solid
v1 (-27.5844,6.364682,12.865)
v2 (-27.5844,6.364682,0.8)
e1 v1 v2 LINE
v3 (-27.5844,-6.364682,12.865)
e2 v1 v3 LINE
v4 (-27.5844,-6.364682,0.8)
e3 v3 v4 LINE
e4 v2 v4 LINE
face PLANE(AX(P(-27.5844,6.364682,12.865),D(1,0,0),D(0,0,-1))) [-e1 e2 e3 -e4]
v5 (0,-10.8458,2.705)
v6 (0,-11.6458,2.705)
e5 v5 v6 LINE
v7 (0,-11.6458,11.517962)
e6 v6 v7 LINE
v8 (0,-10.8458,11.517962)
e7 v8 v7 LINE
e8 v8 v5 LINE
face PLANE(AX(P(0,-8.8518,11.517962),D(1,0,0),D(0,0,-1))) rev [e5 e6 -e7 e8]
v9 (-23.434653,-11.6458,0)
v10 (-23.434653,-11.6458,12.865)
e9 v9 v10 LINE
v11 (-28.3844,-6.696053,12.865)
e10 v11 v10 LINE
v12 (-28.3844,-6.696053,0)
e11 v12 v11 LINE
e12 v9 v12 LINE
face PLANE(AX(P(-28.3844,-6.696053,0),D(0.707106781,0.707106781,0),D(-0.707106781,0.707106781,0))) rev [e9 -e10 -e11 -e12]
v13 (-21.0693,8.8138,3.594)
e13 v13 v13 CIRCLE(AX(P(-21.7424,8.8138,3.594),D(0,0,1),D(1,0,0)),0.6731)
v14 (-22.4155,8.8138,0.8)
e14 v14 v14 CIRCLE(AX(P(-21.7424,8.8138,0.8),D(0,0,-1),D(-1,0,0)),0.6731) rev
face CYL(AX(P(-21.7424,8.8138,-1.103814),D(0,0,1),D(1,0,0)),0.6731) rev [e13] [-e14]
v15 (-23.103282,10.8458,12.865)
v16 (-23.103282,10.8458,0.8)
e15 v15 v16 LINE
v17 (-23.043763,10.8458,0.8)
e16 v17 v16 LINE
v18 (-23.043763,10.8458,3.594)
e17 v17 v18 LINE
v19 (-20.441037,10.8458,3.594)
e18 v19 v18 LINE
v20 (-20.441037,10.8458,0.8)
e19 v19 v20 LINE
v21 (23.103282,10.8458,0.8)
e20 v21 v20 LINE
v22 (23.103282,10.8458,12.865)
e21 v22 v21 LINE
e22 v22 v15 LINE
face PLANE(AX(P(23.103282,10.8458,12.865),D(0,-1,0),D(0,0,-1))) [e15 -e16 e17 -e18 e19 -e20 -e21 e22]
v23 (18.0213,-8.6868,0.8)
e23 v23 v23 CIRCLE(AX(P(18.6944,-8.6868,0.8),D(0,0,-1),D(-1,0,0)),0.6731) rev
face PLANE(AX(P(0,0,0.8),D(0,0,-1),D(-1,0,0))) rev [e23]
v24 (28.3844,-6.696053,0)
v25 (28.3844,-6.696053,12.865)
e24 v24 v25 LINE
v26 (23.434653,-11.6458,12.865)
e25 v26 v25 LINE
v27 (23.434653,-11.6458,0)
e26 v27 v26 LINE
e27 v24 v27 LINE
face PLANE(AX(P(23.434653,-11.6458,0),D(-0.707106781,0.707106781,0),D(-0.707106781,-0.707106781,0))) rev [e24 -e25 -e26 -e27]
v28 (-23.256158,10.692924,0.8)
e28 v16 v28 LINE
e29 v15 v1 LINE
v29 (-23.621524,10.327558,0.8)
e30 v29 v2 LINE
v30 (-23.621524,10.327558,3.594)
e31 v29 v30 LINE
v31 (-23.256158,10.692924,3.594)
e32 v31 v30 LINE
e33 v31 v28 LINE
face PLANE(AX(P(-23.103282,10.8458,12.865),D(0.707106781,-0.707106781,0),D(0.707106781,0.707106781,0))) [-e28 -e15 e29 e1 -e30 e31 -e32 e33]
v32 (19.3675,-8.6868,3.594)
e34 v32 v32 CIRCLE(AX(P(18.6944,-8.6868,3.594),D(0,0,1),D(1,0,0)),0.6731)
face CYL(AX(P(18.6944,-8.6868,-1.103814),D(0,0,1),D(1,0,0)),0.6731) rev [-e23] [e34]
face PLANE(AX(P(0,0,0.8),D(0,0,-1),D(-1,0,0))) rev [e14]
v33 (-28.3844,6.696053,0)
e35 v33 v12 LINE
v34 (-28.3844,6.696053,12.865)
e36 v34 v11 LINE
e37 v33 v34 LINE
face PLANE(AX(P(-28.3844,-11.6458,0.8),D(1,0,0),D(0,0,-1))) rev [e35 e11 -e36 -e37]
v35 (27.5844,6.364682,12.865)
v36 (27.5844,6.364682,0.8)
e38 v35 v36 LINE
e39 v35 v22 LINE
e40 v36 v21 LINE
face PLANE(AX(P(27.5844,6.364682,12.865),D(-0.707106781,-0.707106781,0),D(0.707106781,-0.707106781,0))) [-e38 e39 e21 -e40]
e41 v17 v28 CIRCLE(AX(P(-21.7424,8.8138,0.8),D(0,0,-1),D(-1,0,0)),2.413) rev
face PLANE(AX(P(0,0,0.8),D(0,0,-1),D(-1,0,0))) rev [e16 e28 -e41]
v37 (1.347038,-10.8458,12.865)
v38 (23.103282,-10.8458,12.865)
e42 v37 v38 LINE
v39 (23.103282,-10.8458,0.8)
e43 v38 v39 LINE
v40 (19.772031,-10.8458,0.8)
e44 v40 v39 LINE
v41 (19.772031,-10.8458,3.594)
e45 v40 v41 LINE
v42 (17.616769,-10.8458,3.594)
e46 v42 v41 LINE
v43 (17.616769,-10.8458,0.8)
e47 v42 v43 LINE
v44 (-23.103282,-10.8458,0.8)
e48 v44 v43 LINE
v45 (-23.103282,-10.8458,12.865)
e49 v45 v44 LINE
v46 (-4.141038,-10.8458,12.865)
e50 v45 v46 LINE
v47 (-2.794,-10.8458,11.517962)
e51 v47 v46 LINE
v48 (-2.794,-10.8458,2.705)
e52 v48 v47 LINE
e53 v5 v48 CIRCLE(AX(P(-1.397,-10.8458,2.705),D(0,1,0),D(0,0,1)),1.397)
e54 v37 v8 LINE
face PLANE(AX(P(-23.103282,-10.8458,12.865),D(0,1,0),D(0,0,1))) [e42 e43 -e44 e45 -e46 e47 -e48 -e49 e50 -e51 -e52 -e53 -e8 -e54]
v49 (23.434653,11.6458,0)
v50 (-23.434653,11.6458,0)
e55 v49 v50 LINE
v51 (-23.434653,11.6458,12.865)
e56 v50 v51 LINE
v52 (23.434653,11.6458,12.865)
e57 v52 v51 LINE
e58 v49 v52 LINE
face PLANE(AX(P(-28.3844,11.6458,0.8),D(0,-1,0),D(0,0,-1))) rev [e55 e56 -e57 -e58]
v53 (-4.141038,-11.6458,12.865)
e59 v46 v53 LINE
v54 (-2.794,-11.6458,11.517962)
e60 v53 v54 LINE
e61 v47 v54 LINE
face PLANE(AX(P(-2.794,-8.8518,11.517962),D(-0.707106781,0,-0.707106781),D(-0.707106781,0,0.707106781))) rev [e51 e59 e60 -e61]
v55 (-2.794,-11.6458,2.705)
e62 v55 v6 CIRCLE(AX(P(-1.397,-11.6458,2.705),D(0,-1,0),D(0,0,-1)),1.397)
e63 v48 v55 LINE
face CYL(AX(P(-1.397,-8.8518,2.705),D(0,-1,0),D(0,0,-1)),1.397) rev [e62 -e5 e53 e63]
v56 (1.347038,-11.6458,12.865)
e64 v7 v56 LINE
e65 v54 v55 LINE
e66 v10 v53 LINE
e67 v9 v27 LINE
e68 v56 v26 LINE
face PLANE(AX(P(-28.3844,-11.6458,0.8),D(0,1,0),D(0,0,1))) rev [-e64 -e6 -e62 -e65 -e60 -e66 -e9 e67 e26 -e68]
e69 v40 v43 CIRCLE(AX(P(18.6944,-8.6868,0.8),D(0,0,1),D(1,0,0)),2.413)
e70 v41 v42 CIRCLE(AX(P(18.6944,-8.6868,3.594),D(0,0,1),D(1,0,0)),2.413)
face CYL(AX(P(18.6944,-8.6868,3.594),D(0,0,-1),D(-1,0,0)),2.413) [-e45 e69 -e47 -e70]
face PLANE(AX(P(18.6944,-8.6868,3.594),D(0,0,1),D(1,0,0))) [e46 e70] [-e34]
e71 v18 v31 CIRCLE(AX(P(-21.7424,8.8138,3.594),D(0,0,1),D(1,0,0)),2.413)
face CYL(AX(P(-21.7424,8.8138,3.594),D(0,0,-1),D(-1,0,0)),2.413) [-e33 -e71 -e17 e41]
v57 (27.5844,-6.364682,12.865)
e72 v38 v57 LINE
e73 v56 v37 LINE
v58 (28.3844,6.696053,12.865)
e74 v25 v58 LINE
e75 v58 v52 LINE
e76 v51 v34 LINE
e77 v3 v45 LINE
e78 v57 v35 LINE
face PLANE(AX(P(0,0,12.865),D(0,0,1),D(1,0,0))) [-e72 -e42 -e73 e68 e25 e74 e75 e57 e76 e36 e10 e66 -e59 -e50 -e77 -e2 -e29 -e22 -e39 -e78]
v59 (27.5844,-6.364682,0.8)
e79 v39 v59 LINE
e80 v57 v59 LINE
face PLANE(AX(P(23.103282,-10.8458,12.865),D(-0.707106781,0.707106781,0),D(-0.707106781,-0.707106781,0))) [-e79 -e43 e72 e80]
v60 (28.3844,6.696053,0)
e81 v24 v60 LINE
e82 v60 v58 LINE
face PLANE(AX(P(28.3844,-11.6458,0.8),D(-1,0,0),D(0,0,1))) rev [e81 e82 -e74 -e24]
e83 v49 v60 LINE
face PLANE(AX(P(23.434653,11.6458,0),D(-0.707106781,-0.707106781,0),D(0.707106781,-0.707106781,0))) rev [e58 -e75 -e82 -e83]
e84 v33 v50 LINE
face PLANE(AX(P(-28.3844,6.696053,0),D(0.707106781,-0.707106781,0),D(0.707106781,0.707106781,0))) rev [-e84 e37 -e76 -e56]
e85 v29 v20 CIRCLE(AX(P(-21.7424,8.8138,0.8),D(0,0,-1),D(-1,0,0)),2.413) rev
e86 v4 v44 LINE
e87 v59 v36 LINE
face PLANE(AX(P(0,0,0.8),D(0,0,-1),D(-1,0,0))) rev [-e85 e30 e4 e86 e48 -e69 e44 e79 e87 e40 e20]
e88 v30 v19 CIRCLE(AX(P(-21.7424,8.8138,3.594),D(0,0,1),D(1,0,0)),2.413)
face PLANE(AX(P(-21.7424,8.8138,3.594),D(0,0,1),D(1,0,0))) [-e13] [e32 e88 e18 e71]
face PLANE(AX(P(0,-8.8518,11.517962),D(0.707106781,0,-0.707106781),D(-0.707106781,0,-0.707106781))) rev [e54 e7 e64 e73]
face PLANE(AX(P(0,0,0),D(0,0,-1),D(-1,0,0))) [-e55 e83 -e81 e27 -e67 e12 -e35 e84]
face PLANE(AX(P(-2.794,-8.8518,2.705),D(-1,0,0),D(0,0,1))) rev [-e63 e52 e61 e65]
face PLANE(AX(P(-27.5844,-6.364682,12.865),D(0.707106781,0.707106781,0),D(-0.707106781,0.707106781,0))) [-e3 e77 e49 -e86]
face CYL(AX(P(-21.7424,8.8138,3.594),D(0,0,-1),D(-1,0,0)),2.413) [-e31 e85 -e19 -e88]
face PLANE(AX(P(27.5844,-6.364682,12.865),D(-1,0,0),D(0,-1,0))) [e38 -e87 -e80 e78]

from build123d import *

# Parameters (mm, degrees)
SKETCH1_W           = 56.768800102
SKETCH1_H           = 23.291600102
BOSS_EXTRUDE1_DEPTH = 0.8
CUT_EXTRUDE1_DEPTH  = 1.8
BOSS_EXTRUDE2_DEPTH = 12.065
SKETCH4_R           = 2.413
BOSS_EXTRUDE3_DEPTH = 2.794
SKETCH5_R           = 0.6731
CUT_EXTRUDE2_DEPTH  = 2.794
CUT_EXTRUDE3_DEPTH  = 2.794


with BuildPart() as part:
    # Sketch1 → Boss-Extrude1 (new body)
    with BuildSketch(Plane.XY):
        Rectangle(SKETCH1_W, SKETCH1_H)
    extrude(amount=BOSS_EXTRUDE1_DEPTH)

    # Sketch2 → Cut-Extrude1 (cut, through all)
    with BuildSketch(Plane.XY.offset(0.8)):
        Polygon((-28.384400051, -6.696052583), (-23.434652583, -11.645800051), (-28.384400051, -11.645800051), align=None)
        Polygon((-28.384400051, 6.696052583), (-23.434652583, 11.645800051), (-28.384400051, 11.645800051), align=None)
        Polygon((23.434652583, -11.645800051), (28.384400051, -6.696052583), (28.384400051, -11.645800051), align=None)
        Polygon((23.434652583, 11.645800051), (28.384400051, 6.696052583), (28.384400051, 11.645800051), align=None)
    extrude(amount=-CUT_EXTRUDE1_DEPTH, mode=Mode.SUBTRACT)

    # Sketch3 → Boss-Extrude2 (add)
    with BuildSketch(Plane.XY.offset(0.8)):
        Polygon((23.434652583, 11.645800051), (-23.434652583, 11.645800051), (-28.384400051, 6.696052583), (-28.384400051, -6.696052583), (-23.434652583, -11.645800051), (23.434652583, -11.645800051), (28.384400051, -6.696052583), (28.384400051, 6.696052583), align=None)
        Polygon((-23.103281733, 10.845800051), (-27.584400051, 6.364681733), (-27.584400051, -6.364681733), (-23.103281733, -10.845800051), (23.103281733, -10.845800051), (27.584400051, -6.364681733), (27.584400051, 6.364681733), (23.103281733, 10.845800051), align=None, mode=Mode.SUBTRACT)
    extrude(amount=BOSS_EXTRUDE2_DEPTH)

    # Sketch4 → Boss-Extrude3 (add)
    with BuildSketch(Plane.XY.offset(0.8)):
        with Locations((-21.742400051, 8.813800051)):
            Circle(SKETCH4_R)
        with Locations((18.694400051, -8.686800051)):
            Circle(SKETCH4_R)
    extrude(amount=BOSS_EXTRUDE3_DEPTH)

    # Sketch5 → Cut-Extrude2 (cut)
    with BuildSketch(Plane.XY.offset(3.594)):
        with Locations((-21.742400051, 8.813800051)):
            Circle(SKETCH5_R)
        with Locations((18.694400051, -8.686800051)):
            Circle(SKETCH5_R)
    extrude(amount=-CUT_EXTRUDE2_DEPTH, mode=Mode.SUBTRACT)

    # Sketch6 → Cut-Extrude3 (cut)
    with BuildSketch(Plane(origin=(0, -11.645800051, 0), x_dir=(-1, 0, 0), z_dir=(0, -1, 0))):
        with BuildLine():
            Line((-1.347038418, -12.865), (4.141038418, -12.865))
            Line((4.141038418, -12.865), (2.794, -11.517961582))
            Line((2.794, -11.517961582), (2.794, -2.705))
            ThreePointArc((2.794, -2.705), (1.397, -1.308), (0, -2.705))
            Line((0, -2.705), (0, -11.517961582))
            Line((0, -11.517961582), (-1.347038418, -12.865))
        make_face()
    extrude(amount=-CUT_EXTRUDE3_DEPTH, mode=Mode.SUBTRACT)


solid = part.part
